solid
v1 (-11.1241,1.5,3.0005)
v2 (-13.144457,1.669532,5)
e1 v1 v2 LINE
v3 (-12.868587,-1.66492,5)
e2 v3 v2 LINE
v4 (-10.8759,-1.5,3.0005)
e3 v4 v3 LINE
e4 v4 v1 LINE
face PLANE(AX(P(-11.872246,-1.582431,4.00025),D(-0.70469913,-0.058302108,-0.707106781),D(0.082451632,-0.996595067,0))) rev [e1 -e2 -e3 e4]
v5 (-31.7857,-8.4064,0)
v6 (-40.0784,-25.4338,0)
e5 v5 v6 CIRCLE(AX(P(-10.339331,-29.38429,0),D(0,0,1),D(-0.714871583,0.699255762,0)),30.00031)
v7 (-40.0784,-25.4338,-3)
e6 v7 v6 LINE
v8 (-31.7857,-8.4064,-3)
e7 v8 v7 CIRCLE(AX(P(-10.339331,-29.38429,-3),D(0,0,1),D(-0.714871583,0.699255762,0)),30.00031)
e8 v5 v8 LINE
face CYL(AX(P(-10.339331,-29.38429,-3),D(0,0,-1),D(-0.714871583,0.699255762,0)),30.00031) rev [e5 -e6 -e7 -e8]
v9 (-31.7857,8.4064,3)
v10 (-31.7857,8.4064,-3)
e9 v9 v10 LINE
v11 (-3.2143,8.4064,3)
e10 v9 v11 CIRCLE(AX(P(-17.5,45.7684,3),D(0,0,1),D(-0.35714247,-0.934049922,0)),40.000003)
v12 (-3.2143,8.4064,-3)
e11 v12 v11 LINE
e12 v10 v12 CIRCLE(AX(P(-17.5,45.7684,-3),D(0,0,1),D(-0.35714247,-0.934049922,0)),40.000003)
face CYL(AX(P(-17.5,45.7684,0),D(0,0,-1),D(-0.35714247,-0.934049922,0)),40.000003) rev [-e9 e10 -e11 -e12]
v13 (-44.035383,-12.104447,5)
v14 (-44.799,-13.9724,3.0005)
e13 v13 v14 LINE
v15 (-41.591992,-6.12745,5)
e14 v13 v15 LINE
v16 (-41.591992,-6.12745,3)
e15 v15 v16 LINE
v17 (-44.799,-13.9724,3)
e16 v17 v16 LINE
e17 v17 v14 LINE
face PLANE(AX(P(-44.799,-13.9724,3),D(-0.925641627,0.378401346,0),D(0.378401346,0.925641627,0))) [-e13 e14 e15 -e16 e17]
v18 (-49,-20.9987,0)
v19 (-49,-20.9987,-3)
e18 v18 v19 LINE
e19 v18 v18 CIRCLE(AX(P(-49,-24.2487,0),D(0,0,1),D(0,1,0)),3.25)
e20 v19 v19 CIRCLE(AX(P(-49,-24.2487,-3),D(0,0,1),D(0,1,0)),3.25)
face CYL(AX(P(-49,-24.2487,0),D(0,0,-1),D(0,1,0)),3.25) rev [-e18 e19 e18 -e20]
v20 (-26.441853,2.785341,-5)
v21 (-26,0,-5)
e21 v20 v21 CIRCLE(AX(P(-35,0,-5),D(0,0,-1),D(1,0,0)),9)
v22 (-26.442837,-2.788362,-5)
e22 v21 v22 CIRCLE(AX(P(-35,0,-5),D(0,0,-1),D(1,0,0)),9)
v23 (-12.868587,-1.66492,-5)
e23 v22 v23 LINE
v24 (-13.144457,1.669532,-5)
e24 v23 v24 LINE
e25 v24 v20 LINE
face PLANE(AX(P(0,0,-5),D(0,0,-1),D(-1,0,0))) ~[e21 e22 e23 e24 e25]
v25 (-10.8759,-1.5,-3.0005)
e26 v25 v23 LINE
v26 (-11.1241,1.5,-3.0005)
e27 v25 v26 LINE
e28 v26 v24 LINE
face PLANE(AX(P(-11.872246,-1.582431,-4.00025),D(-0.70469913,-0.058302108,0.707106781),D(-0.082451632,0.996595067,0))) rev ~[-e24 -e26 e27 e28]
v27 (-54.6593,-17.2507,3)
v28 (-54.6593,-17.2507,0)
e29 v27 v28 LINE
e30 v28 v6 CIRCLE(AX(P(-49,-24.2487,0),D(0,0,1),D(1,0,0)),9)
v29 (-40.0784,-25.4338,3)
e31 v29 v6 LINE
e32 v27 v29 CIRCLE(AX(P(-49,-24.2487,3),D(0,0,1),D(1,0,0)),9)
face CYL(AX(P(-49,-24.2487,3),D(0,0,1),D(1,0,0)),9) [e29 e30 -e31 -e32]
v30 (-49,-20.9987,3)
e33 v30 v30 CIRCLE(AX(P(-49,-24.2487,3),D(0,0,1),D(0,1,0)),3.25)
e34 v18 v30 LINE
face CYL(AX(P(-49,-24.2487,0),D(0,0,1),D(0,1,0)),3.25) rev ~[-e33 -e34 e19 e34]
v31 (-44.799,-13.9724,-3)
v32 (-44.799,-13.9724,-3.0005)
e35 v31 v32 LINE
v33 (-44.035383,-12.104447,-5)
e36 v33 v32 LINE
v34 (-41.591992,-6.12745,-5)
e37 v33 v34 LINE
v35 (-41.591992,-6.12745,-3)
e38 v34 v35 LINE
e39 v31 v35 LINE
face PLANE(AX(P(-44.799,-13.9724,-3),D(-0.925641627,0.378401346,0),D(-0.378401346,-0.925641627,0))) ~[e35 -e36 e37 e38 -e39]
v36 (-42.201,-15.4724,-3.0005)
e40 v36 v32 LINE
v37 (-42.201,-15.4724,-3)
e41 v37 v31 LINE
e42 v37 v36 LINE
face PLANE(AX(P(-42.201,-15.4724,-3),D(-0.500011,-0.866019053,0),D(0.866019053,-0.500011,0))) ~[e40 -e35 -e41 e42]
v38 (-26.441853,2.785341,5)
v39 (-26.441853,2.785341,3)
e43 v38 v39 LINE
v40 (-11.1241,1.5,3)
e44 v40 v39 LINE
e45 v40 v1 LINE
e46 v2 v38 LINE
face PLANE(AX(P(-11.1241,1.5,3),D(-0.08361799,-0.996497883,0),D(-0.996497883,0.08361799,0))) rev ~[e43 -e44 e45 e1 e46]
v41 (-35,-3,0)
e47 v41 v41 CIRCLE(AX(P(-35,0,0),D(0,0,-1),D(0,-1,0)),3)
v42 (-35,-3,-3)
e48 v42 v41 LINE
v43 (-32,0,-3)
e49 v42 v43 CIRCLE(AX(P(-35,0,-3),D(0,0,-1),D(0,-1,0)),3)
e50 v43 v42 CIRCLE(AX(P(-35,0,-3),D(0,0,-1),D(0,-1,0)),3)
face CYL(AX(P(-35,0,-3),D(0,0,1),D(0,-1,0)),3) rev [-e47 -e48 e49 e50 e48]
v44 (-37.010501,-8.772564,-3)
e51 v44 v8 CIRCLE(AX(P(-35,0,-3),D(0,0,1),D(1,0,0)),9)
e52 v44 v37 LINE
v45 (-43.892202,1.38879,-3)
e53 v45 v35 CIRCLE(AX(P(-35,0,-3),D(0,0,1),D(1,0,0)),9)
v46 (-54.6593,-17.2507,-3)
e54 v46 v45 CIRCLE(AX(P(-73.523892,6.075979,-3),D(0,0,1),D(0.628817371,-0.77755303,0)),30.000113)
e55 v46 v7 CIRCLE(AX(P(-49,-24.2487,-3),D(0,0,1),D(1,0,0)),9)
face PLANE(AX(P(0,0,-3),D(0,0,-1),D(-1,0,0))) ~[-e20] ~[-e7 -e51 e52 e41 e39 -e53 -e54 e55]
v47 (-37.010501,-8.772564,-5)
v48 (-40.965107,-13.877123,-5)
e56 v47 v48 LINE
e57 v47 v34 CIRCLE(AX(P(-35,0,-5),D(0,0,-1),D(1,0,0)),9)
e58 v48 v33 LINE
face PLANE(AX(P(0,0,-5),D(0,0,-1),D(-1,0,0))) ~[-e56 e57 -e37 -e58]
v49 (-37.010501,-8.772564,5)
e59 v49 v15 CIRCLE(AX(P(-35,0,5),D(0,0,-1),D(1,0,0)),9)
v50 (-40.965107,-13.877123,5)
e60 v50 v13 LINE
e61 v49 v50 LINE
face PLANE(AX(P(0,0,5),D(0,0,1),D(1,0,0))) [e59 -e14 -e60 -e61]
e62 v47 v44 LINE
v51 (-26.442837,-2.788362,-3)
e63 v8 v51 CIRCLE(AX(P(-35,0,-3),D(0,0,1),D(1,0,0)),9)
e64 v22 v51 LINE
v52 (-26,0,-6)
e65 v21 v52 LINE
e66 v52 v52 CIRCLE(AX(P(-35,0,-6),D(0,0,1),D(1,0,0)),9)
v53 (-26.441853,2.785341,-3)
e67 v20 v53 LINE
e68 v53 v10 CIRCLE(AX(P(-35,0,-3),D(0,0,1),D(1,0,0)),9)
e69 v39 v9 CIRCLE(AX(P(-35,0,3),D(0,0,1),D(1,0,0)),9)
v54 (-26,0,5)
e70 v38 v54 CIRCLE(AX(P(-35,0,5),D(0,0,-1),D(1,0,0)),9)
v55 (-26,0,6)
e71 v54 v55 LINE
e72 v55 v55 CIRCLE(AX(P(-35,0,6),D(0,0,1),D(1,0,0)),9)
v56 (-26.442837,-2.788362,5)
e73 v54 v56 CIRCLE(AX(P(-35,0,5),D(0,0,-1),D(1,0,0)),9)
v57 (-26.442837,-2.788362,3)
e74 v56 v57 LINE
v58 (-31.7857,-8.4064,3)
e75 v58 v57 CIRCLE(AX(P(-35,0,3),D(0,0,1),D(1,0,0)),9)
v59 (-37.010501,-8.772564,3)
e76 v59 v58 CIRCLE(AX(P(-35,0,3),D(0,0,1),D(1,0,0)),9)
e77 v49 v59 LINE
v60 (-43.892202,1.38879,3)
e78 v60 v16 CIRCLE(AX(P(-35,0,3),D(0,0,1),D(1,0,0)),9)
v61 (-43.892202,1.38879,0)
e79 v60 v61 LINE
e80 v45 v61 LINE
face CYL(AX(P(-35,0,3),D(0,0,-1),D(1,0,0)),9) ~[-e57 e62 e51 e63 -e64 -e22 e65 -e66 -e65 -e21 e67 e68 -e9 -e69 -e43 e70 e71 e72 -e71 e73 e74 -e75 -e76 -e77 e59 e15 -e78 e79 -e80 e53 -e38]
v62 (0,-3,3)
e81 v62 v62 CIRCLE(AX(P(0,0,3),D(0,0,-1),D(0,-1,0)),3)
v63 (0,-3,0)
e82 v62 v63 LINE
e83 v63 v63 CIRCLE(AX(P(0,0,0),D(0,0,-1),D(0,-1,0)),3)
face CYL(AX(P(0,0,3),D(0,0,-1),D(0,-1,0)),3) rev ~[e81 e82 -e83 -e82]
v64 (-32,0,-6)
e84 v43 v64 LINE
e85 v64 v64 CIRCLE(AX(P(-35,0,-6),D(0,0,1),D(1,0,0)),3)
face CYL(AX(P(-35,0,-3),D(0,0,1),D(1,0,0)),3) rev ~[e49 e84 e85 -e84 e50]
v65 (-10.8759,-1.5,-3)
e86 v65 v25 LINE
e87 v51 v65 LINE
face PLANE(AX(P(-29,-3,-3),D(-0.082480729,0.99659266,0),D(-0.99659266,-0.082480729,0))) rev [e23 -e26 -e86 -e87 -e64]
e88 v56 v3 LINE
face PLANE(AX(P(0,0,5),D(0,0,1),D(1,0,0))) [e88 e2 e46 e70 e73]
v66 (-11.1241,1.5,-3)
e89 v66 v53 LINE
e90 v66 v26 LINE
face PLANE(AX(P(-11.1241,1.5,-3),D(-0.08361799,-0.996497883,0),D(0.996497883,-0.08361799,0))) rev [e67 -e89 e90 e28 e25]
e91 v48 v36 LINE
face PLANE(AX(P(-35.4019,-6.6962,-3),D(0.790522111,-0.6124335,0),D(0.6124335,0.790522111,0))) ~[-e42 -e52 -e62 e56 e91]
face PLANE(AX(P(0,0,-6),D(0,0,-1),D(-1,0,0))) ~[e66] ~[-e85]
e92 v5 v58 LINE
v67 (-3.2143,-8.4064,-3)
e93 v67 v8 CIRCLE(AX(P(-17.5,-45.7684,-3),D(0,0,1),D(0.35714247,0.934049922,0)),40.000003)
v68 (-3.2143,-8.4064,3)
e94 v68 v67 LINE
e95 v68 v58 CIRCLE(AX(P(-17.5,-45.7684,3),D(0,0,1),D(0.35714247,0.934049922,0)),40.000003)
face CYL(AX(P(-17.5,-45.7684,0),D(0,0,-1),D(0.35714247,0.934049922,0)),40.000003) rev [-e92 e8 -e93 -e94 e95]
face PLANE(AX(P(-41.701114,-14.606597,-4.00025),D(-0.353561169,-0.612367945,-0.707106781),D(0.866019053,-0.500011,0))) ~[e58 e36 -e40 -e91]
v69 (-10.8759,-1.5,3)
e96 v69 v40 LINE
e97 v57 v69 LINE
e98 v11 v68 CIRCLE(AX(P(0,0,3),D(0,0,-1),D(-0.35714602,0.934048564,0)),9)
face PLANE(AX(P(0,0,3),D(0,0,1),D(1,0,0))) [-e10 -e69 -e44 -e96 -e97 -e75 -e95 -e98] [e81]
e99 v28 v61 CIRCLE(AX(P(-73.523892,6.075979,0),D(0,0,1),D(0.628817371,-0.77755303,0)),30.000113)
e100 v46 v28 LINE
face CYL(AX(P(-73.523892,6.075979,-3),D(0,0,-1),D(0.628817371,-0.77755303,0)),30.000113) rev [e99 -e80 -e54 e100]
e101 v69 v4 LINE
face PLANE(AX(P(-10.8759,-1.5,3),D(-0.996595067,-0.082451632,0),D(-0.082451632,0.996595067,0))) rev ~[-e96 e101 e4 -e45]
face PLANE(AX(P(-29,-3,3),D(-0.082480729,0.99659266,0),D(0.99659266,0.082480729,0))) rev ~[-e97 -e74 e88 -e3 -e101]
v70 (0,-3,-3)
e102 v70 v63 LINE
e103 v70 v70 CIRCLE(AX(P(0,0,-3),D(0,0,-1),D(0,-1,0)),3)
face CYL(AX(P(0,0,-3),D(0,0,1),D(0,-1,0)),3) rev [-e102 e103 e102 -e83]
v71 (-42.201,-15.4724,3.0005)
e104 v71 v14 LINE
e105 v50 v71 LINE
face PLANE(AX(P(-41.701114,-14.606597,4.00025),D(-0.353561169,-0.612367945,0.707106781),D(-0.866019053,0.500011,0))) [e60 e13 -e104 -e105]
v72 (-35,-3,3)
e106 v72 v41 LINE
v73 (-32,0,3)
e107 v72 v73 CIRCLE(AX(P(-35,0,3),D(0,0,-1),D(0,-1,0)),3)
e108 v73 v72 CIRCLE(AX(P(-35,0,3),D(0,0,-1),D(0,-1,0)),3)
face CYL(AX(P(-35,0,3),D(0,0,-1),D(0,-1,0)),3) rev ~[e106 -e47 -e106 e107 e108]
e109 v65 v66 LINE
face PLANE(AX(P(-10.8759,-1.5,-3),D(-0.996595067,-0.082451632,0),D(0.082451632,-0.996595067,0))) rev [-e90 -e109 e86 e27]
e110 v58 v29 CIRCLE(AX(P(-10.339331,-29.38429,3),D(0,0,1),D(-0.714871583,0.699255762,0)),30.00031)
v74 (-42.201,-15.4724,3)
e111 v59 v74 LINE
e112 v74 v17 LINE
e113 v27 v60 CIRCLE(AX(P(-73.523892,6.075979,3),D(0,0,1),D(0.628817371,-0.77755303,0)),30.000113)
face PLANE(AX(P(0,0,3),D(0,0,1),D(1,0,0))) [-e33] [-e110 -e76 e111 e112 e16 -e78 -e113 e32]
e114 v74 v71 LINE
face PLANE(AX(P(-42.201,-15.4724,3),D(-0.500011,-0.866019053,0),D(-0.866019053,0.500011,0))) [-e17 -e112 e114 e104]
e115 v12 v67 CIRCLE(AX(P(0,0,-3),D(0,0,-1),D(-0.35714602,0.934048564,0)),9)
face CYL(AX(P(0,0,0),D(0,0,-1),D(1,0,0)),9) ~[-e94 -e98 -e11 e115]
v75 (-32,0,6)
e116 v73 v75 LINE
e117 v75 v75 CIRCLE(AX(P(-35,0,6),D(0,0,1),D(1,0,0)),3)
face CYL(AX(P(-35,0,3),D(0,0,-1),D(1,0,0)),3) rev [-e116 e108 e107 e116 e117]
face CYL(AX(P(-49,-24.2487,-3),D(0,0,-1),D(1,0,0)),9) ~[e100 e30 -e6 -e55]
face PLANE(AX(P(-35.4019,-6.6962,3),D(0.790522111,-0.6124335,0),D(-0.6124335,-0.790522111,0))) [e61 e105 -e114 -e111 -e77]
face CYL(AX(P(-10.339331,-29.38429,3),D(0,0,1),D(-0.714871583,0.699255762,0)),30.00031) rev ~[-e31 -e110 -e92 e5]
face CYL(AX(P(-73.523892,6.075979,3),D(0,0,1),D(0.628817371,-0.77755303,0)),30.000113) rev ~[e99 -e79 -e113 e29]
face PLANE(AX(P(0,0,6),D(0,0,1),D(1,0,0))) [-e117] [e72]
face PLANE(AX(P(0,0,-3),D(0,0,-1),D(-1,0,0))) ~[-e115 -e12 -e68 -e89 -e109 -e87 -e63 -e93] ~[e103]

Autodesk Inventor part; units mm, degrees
ref_plane "YZ Plane" through (0, 0, 0) normal (1, 0, 0) x (0, 1, 0)
ref_plane "XZ Plane" through (0, 0, 0) normal (0, 1, 0) x (-1, 0, 0)
ref_plane "XY Plane" through (0, 0, 0) normal (0, 0, 1) x (1, 0, 0)
sketch "Base" plane through (0, 0, 0) normal (0, 0, 1) x (1, 0, 0)
  line L0 (-54.6, 0) -> (19.6, 0) construction
  circle A0 centre (0, 0) radius 9
  line L1 (0, 0) -> (-35, 0) construction
  circle A1 centre (-35, 0) radius 9
  arc A2 (-31.7857, 8.4064) -> (-3.2143, 8.4064) centre (-17.5, 45.7684) ccw
  arc A3 (-3.2143, -8.4064) -> (-31.7857, -8.4064) centre (-17.5, -45.7684) ccw
  dimension "d0" = 18
  dimension "d1" = 35
  dimension "d2" = 18
  dimension "d3" = 40
extrude "BaseFeature" add sketch "Base" along normal blind 3
sketch "Sketch2" plane through (0, 0, 3) normal (0, 0, 1) x (1, 0, 0)
  arc A0 (-31.7857, 8.4064) -> (-31.7857, -8.4064) centre (-35, 0) ccw projected
  arc A1 (-3.2143, -8.4064) -> (-3.2143, 8.4064) centre (0, 0) ccw projected
hole "BaseHolesFeature" at (-35, 0, 3) at (0, 0, 3) direction (0, 0, -1) diameter 6 end through all
sketch "Extension" plane through (0, 0, 3) normal (0, 0, 1) x (1, 0, 0)
  arc A0 (-31.7857, 8.4064) -> (-31.7857, -8.4064) centre (-35, 0) ccw construction
  line L0 (-35, 0) -> (-49, -24.2487) construction
  line L1 (-90.0286, 0) -> (25.5048, 0) construction
  circle A1 centre (-49, -24.2487) radius 9
  arc A2 (-54.6593, -17.2507) -> (-43.8901, 1.4021) centre (-73.5238, 6.0759) ccw
  arc A3 (-31.7857, -8.4064) -> (-40.0784, -25.4338) centre (-10.3396, -29.3841) ccw
  arc A4 (-43.8901, 1.4021) -> (-31.7857, -8.4064) centre (-35, 0) ccw
  dimension "d13" = 120
  dimension "d14" = 28
  dimension "d24" = 18
  dimension "d29" = 30
extrude "ExtensionFeature" add sketch "Extension" against normal up to surface (3 mm away)
sketch "ExtensionHole" plane through (0, 0, 0) normal (0, 0, -1) x (-1, 0, 0)
  arc A0 (40.0784, -25.4338) -> (54.6593, -17.2507) centre (49, -24.2487) ccw projected
hole "ExtensionHoleFeature" at (-49, -24.2487, 0) direction (0, 0, 1) diameter 6.5 end through all
sketch "MiddleRaise" plane through (0, 0, 3) normal (0, 0, 1) x (1, 0, 0)
  circle A0 centre (-35, 0) radius 3 projected
  circle A1 centre (-35, 0) radius 9
  point P0 (-31.7857, 8.4064)
extrude "MiddleRaiseFeature" add sketch "MiddleRaise" along normal blind 3
sketch "TopRidges" plane through (0, 0, 3) normal (0, 0, 1) x (1, 0, 0)
  arc A0 (-54.6593, -17.2507) -> (-40.0784, -25.4338) centre (-49, -24.2487) ccw construction
  arc A1 (-3.2143, -8.4064) -> (-3.2143, 8.4064) centre (0, 0) ccw construction
  arc A2 (-43.8901, 1.4021) -> (-31.7857, -8.4064) centre (-35, 0) ccw construction
  arc A3 (-31.7857, -8.4064) -> (-31.7857, 8.4064) centre (-35, 0) ccw construction
  line L0 (-35, 0) -> (-49, -24.2487) construction
  line L1 (-40.5981, -3.6962) -> (-35.4019, -6.6962)
  line L2 (-35.4019, -6.6962) -> (-42.201, -15.4724)
  line L3 (-42.201, -15.4724) -> (-44.799, -13.9724)
  line L4 (-44.799, -13.9724) -> (-40.5981, -3.6962)
  arc A4 (-40.0784, -25.4338) -> (-54.6593, -17.2507) centre (-49, -24.2487) ccw construction
  line L5 (-35, 0) -> (-11, 0) construction
  arc A5 (-3.2143, 8.4064) -> (-3.2143, -8.4064) centre (0, 0) ccw construction
  line L6 (-29, 3) -> (-29, -3)
  line L7 (-29, -3) -> (-10.8759, -1.5)
  line L8 (-10.8759, -1.5) -> (-11.1241, 1.5)
  line L9 (-11.1241, 1.5) -> (-29, 3)
  point P0 (-43.5, -14.7224)
  point P1 (-38, -5.1962)
  point P2 (-29, 0)
  dimension "d30" = 3
  dimension "d31" = 6
  dimension "d37" = 6
  dimension "d39" = 11
  dimension "d40" = 11
  dimension "d41" = 6
  dimension "d42" = 6
  dimension "d43" = 3
extrude "TopRidgesFeature" add sketch "TopRidges" along normal blind 2
chamfer "TopRidgeChamfersFeature" distance 2 angle 45 2 edges at (-43.5, -14.7224, 5) (-11, 0, 5)
mirror "Mirror2" about plane through (-17.5, 0, 0) normal (0, 0, -1)
equation "\"d41\" = d37"
equation "\"d42\" = d31"
equation "\"d43\" = d30"
properties part number "ElbowSubConnector"
